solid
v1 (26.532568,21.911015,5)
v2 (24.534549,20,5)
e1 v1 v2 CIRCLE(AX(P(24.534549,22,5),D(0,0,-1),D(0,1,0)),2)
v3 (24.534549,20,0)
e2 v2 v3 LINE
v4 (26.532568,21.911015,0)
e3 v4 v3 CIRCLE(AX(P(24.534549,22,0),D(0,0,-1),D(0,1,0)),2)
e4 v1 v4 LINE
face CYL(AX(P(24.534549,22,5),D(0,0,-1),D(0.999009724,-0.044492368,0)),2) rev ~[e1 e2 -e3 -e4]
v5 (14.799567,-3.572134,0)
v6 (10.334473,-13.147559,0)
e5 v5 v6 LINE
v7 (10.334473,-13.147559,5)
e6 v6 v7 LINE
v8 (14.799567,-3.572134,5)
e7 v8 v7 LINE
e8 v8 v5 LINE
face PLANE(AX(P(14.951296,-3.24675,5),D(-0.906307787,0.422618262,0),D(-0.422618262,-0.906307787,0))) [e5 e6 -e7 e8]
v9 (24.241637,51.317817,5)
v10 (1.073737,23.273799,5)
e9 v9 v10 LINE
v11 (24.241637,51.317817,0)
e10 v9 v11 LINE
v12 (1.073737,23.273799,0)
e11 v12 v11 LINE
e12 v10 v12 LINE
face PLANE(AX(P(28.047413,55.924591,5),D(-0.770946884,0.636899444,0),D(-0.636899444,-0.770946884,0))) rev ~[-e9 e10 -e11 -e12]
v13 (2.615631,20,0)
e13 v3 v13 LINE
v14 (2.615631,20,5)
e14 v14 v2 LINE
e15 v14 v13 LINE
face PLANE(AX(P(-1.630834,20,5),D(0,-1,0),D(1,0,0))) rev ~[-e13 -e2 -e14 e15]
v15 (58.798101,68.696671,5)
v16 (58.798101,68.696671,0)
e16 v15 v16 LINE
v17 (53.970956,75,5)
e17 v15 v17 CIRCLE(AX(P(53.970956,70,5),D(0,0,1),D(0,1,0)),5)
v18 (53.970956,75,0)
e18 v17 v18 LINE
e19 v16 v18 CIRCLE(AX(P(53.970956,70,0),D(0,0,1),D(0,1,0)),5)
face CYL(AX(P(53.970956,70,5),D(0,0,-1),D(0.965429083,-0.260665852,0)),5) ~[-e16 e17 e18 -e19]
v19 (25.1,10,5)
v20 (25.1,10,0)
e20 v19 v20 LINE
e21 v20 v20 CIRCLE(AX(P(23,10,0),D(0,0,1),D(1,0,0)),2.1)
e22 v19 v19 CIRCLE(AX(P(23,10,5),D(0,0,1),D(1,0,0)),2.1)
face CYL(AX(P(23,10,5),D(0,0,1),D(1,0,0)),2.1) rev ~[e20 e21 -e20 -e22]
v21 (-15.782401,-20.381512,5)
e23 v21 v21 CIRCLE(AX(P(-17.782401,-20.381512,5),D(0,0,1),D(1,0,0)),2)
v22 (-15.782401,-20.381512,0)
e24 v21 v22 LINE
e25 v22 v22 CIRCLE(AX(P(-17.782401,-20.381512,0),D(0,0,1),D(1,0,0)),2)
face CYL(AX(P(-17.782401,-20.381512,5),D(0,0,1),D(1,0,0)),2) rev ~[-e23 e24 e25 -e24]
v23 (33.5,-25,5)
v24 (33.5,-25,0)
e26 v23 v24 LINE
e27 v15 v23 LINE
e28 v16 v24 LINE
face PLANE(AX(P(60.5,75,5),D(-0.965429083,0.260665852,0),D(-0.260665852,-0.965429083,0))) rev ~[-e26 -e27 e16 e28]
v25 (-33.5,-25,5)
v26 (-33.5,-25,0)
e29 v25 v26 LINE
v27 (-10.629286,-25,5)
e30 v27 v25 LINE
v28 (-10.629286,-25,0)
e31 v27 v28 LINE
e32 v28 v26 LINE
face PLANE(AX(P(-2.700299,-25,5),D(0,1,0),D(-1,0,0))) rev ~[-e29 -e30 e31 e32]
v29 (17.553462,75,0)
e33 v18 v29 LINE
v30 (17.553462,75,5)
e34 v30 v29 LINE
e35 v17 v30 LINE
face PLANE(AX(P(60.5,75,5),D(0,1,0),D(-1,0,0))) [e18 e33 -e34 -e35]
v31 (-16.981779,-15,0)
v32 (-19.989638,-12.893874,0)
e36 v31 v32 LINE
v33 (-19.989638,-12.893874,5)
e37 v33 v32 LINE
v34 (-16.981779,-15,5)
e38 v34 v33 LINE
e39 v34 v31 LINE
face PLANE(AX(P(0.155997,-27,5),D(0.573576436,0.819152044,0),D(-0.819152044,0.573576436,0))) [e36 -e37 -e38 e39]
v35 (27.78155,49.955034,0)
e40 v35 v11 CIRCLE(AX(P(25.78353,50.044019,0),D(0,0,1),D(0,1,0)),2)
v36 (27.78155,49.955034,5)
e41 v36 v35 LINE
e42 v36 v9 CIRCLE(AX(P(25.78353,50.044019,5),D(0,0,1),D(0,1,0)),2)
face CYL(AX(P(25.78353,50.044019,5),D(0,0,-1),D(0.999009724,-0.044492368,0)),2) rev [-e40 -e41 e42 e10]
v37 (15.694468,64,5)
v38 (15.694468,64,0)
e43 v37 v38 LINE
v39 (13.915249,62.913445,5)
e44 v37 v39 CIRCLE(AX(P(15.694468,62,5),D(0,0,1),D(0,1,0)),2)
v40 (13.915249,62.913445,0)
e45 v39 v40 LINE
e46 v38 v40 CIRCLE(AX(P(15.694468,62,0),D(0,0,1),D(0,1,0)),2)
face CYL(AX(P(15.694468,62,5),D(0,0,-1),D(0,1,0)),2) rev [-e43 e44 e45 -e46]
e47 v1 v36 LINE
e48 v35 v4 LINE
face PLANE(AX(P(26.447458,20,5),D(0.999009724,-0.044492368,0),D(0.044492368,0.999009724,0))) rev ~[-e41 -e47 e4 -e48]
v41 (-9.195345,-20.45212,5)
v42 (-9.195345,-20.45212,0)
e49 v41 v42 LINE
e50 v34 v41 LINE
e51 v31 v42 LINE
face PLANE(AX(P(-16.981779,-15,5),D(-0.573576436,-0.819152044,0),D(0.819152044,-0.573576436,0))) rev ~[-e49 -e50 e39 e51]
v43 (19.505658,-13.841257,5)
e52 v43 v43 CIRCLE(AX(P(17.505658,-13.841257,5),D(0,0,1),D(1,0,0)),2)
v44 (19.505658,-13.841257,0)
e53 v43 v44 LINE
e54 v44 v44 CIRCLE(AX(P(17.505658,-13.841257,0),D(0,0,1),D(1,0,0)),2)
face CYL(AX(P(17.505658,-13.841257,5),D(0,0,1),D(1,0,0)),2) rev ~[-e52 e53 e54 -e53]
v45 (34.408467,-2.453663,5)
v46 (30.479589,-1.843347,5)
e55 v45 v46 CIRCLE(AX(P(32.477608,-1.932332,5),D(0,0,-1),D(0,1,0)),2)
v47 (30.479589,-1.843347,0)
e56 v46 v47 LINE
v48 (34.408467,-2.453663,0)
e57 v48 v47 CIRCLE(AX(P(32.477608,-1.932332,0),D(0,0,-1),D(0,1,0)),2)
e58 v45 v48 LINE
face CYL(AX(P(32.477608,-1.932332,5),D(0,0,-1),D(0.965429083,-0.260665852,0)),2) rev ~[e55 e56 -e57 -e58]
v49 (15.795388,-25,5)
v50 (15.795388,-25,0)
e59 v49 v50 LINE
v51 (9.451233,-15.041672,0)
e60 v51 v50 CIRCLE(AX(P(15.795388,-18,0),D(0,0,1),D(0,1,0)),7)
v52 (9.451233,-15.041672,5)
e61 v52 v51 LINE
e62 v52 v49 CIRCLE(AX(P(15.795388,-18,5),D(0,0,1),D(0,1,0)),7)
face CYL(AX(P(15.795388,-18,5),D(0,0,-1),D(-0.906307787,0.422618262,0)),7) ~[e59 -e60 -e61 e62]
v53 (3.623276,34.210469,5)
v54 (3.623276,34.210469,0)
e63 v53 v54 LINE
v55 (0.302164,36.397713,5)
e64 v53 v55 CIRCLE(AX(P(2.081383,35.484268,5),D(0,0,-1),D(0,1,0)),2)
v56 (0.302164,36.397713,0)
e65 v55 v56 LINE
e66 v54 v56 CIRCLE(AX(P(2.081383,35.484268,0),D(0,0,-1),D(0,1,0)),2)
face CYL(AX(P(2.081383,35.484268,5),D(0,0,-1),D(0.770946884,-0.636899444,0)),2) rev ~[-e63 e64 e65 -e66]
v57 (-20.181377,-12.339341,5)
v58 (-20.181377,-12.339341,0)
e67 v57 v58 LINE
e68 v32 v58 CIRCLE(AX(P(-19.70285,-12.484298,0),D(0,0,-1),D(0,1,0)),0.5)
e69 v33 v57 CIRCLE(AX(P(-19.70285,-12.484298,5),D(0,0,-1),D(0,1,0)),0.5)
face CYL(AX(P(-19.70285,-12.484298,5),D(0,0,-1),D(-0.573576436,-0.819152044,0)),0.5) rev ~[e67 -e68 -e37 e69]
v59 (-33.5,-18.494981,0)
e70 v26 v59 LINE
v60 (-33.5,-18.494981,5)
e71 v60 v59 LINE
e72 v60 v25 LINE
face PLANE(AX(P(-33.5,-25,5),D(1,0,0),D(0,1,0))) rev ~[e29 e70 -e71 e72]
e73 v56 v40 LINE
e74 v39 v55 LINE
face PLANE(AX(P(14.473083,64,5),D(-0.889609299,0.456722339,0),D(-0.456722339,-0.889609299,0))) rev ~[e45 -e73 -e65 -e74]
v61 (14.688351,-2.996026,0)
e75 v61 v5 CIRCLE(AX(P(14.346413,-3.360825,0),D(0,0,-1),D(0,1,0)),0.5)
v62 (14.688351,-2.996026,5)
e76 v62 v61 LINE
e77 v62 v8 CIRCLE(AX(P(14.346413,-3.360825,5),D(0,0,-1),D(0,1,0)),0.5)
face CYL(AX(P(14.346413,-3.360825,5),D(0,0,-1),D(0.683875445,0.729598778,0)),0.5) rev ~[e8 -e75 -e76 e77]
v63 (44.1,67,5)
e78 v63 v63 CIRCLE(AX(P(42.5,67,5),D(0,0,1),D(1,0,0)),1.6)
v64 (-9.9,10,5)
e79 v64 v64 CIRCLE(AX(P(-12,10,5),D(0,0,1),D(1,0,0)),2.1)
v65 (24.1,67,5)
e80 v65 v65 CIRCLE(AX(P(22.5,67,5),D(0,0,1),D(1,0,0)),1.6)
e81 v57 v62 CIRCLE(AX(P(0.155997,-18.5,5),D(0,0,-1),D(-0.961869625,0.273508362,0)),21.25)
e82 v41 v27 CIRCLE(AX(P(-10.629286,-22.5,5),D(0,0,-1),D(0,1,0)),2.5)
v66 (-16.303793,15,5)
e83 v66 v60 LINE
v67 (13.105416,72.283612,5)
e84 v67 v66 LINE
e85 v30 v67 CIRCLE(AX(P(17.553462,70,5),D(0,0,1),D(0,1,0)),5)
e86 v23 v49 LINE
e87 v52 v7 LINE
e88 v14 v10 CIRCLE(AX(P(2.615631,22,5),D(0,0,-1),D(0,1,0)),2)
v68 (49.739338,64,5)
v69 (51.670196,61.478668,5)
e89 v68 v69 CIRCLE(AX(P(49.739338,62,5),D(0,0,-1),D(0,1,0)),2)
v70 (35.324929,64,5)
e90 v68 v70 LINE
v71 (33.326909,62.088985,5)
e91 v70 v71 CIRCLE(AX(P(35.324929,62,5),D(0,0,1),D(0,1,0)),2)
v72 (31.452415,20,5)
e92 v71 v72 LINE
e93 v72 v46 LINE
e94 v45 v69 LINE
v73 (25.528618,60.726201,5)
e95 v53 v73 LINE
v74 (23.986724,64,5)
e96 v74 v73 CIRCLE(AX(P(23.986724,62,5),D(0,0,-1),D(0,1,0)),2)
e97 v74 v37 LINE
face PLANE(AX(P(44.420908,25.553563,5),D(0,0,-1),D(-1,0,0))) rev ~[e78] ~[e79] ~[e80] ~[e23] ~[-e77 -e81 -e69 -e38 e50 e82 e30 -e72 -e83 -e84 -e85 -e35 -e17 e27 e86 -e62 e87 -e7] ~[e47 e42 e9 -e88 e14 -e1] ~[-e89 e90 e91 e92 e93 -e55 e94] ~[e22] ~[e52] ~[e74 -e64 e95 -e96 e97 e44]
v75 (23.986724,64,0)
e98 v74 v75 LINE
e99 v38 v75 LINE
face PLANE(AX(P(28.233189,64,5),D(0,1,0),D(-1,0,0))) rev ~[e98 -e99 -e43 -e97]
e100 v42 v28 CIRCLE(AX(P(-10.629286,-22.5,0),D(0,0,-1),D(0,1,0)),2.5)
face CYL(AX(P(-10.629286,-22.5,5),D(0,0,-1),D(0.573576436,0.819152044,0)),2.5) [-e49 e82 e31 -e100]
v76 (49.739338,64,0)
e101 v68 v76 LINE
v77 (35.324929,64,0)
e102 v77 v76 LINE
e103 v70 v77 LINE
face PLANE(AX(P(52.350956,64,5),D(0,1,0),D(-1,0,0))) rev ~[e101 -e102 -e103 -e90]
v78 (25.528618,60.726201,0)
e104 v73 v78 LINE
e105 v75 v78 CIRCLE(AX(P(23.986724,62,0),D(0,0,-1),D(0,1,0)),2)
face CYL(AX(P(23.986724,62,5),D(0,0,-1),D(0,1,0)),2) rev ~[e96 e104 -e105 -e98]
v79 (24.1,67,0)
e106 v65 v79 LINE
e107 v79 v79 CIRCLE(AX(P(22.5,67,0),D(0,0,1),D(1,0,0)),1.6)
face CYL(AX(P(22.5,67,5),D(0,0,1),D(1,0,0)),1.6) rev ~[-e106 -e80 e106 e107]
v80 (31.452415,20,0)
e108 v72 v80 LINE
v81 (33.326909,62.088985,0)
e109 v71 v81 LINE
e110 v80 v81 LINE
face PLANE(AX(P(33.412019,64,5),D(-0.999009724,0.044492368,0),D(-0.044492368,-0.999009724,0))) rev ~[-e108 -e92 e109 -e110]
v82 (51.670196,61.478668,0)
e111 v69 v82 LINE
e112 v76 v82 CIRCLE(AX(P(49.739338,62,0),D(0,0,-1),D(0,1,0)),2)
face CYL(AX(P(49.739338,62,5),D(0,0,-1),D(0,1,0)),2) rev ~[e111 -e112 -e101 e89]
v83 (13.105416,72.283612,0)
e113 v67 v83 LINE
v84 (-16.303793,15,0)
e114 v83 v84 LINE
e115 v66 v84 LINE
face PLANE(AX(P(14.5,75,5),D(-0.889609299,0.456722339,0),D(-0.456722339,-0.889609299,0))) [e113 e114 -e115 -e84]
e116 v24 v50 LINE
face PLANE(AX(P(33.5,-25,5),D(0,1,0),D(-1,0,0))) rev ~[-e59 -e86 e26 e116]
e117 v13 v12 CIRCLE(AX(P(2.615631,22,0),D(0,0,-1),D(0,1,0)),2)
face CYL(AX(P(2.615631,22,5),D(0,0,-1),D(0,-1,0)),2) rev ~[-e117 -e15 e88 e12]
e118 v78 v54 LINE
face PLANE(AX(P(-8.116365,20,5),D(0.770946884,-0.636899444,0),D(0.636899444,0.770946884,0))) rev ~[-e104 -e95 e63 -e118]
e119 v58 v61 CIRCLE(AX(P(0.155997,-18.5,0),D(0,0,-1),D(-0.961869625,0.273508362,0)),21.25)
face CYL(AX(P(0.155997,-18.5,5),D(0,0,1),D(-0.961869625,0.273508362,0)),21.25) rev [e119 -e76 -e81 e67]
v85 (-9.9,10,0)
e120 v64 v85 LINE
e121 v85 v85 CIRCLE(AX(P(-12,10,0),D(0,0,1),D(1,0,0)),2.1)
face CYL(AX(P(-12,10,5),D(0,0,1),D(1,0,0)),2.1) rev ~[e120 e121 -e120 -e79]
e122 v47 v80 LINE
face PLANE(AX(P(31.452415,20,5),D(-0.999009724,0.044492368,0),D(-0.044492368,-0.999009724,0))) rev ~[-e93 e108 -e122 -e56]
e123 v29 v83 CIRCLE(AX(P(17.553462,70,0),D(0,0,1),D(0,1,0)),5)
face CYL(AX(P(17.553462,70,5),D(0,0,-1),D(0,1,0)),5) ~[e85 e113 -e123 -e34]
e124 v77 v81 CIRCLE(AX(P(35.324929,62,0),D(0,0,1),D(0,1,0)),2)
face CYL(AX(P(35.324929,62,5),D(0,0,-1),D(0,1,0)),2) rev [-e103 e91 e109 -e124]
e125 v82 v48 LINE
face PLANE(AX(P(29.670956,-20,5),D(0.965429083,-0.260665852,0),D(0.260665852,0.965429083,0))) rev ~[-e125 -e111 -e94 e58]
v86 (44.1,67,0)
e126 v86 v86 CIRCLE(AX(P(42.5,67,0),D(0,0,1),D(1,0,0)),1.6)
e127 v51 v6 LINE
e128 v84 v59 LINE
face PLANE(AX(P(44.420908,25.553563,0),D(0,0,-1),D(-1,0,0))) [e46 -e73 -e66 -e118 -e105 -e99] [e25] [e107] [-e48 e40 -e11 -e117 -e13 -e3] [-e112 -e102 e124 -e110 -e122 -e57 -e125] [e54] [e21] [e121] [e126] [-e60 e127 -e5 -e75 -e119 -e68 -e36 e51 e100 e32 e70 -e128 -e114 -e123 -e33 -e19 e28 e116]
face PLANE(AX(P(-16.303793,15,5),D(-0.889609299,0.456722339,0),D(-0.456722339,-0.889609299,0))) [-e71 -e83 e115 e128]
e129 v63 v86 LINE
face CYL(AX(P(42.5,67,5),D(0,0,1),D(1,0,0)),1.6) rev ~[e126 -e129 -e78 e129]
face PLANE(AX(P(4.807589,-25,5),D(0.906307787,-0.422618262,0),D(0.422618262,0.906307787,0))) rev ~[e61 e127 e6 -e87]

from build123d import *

# Parameters (mm, degrees)
SKETCH_1_W          = 67
SKETCH_1_H          = 30
EXTRUDE_1_DEPTH     = 5
SKETCH_3_R          = 11.5
CUT_EXTRUDE_1_DEPTH = 6
CUT_EXTRUDE_2_DEPTH = 5
EXTRUDE_2_DEPTH     = 5
FILLET_1_R          = 2.5
FILLET_3_R          = 0.5
FILLET_4_R          = 7
SKETCH_6_R          = 2
CUT_EXTRUDE_3_DEPTH = 6
EXTRUDE_3_DEPTH     = 5
CUT_EXTRUDE_4_DEPTH = 6
EXTRUDE_4_DEPTH     = 5
SKETCH_10_R         = 2.1
CUT_EXTRUDE_5_DEPTH = 6
FILLET_5_R          = 5
SKETCH_11_R         = 1.6
CUT_EXTRUDE_6_DEPTH = 6
CUT_EXTRUDE_7_DEPTH = 10
FILLET_6_R          = 2


with BuildPart() as part:
    # 草图1 → 凸台-拉伸1 (new body)
    with BuildSketch(Plane.XY):
        Rectangle(SKETCH_1_W, SKETCH_1_H)
    extrude(amount=EXTRUDE_1_DEPTH)

    # 草图3 → 切除-拉伸1 (cut, through all)
    with BuildSketch(Plane.XY.offset(5)):
        with Locations((0.155997342, -18.5)):
            Circle(SKETCH_3_R)
    extrude(amount=-CUT_EXTRUDE_1_DEPTH, mode=Mode.SUBTRACT)

    # 草图4 → 切除-拉伸2 (cut)
    with BuildSketch(Plane.XY.offset(5)):
        with BuildLine():
            Line((14.951296016, -3.246749948), (0.155997342, -34.975370344))
            Line((0.155997342, -34.975370344), (0.155997342, -27))
            Line((0.155997342, -27), (-20.283732192, -12.687947301))
            ThreePointArc((-20.283732192, -12.687947301), (-5.343907366, 2.025923809), (14.951296016, -3.246749948))
        make_face()
    extrude(amount=-CUT_EXTRUDE_2_DEPTH, mode=Mode.SUBTRACT)

    # 草图5 → 凸台-拉伸2 (add)
    with BuildSketch(Plane.XY.offset(5)):
        Polygon((-16.981778738, -15), (-2.700298671, -25), (-33.5, -25), (-33.5, -15), align=None)
        Polygon((33.5, -15), (33.5, -25), (4.807588927, -25), (10.334473164, -13.147558505), align=None)
    extrude(amount=-EXTRUDE_2_DEPTH)

    # 圆角1
    fillet_1_edges = [part.edges().sort_by_distance(p)[0] for p in [
        (-2.700298671, -25, 2.5),
    ]]
    fillet(fillet_1_edges, radius=FILLET_1_R)

    # 圆角3
    fillet_3_edges = [part.edges().sort_by_distance(p)[0] for p in [
        (14.951296016, -3.246749948, 2.5),
        (-20.283732192, -12.687947301, 2.5),
    ]]
    fillet(fillet_3_edges, radius=FILLET_3_R)

    # 圆角4
    fillet_4_edges = [part.edges().sort_by_distance(p)[0] for p in [
        (4.807588927, -25, 2.5),
    ]]
    fillet(fillet_4_edges, radius=FILLET_4_R)

    # 草图6 → 切除-拉伸3 (cut, through all)
    with BuildSketch(Plane.XY.offset(5)):
        with Locations((17.505658254, -13.841257188)):
            Circle(SKETCH_6_R)
        with Locations((-17.782400736, -20.381512339)):
            Circle(SKETCH_6_R)
    extrude(amount=-CUT_EXTRUDE_3_DEPTH, mode=Mode.SUBTRACT)

    # 草图7 → 凸台-拉伸3 (add)
    with BuildSketch(Plane.XY.offset(5)):
        Polygon((60.5, 75), (14.5, 75), (-16.303792618, 15), (33.5, 15), align=None)
    extrude(amount=-EXTRUDE_3_DEPTH)

    # 草图8 → 切除-拉伸4 (cut, through all)
    with BuildSketch(Plane.XY.offset(5)):
        Polygon((-16.303792618, 15), (-33.5, -18.49498082), (-33.5, 15), align=None)
    extrude(amount=-CUT_EXTRUDE_4_DEPTH, mode=Mode.SUBTRACT)

    # 草图9 → 凸台-拉伸4 (add)
    with BuildSketch(Plane.XY.offset(5)):
        Polygon((60.5, 75), (33.5, -25), (33.5, 15), align=None)
    extrude(amount=-EXTRUDE_4_DEPTH)

    # 草图10 → 切除-拉伸5 (cut, through all)
    with BuildSketch(Plane.XY.offset(5)):
        with Locations((-12, 10)):
            Circle(SKETCH_10_R)
        with Locations((23, 10)):
            Circle(SKETCH_10_R)
    extrude(amount=-CUT_EXTRUDE_5_DEPTH, mode=Mode.SUBTRACT)

    # 圆角5
    fillet_5_edges = [part.edges().sort_by_distance(p)[0] for p in [
        (60.5, 75, 2.5),
        (14.5, 75, 2.5),
    ]]
    fillet(fillet_5_edges, radius=FILLET_5_R)

    # 草图11 → 切除-拉伸6 (cut, through all)
    with BuildSketch(Plane.XY.offset(5)):
        with Locations((42.500000039, 67)):
            Circle(SKETCH_11_R)
        with Locations((22.500000039, 67)):
            Circle(SKETCH_11_R)
    extrude(amount=-CUT_EXTRUDE_6_DEPTH, mode=Mode.SUBTRACT)

    # 草图12 → 切除-拉伸7 (cut)
    with BuildSketch(Plane.XY.offset(5)):
        Polygon((33.412019277, 64), (31.452414539, 20), (29.670955687, -20), (52.350955687, 64), align=None)
        Polygon((28.047412755, 55.924590701), (-1.630833947, 20), (26.447458252, 20), align=None)
        Polygon((14.473082867, 64), (-8.116365053, 20), (28.233189094, 64), align=None)
    extrude(amount=-CUT_EXTRUDE_7_DEPTH, mode=Mode.SUBTRACT)

    # 圆角6
    fillet_6_edges = [part.edges().sort_by_distance(p)[0] for p in [
        (29.670955687, -20, 2.5),
        (33.412019277, 64, 2.5),
        (52.350955687, 64, 2.5),
        (14.473082867, 64, 2.5),
        (28.233189094, 64, 2.5),
        (-8.116365053, 20, 2.5),
        (28.047412755, 55.924590701, 2.5),
        (26.447458252, 20, 2.5),
        (-1.630833947, 20, 2.5),
    ]]
    fillet(fillet_6_edges, radius=FILLET_6_R)


solid = part.part
